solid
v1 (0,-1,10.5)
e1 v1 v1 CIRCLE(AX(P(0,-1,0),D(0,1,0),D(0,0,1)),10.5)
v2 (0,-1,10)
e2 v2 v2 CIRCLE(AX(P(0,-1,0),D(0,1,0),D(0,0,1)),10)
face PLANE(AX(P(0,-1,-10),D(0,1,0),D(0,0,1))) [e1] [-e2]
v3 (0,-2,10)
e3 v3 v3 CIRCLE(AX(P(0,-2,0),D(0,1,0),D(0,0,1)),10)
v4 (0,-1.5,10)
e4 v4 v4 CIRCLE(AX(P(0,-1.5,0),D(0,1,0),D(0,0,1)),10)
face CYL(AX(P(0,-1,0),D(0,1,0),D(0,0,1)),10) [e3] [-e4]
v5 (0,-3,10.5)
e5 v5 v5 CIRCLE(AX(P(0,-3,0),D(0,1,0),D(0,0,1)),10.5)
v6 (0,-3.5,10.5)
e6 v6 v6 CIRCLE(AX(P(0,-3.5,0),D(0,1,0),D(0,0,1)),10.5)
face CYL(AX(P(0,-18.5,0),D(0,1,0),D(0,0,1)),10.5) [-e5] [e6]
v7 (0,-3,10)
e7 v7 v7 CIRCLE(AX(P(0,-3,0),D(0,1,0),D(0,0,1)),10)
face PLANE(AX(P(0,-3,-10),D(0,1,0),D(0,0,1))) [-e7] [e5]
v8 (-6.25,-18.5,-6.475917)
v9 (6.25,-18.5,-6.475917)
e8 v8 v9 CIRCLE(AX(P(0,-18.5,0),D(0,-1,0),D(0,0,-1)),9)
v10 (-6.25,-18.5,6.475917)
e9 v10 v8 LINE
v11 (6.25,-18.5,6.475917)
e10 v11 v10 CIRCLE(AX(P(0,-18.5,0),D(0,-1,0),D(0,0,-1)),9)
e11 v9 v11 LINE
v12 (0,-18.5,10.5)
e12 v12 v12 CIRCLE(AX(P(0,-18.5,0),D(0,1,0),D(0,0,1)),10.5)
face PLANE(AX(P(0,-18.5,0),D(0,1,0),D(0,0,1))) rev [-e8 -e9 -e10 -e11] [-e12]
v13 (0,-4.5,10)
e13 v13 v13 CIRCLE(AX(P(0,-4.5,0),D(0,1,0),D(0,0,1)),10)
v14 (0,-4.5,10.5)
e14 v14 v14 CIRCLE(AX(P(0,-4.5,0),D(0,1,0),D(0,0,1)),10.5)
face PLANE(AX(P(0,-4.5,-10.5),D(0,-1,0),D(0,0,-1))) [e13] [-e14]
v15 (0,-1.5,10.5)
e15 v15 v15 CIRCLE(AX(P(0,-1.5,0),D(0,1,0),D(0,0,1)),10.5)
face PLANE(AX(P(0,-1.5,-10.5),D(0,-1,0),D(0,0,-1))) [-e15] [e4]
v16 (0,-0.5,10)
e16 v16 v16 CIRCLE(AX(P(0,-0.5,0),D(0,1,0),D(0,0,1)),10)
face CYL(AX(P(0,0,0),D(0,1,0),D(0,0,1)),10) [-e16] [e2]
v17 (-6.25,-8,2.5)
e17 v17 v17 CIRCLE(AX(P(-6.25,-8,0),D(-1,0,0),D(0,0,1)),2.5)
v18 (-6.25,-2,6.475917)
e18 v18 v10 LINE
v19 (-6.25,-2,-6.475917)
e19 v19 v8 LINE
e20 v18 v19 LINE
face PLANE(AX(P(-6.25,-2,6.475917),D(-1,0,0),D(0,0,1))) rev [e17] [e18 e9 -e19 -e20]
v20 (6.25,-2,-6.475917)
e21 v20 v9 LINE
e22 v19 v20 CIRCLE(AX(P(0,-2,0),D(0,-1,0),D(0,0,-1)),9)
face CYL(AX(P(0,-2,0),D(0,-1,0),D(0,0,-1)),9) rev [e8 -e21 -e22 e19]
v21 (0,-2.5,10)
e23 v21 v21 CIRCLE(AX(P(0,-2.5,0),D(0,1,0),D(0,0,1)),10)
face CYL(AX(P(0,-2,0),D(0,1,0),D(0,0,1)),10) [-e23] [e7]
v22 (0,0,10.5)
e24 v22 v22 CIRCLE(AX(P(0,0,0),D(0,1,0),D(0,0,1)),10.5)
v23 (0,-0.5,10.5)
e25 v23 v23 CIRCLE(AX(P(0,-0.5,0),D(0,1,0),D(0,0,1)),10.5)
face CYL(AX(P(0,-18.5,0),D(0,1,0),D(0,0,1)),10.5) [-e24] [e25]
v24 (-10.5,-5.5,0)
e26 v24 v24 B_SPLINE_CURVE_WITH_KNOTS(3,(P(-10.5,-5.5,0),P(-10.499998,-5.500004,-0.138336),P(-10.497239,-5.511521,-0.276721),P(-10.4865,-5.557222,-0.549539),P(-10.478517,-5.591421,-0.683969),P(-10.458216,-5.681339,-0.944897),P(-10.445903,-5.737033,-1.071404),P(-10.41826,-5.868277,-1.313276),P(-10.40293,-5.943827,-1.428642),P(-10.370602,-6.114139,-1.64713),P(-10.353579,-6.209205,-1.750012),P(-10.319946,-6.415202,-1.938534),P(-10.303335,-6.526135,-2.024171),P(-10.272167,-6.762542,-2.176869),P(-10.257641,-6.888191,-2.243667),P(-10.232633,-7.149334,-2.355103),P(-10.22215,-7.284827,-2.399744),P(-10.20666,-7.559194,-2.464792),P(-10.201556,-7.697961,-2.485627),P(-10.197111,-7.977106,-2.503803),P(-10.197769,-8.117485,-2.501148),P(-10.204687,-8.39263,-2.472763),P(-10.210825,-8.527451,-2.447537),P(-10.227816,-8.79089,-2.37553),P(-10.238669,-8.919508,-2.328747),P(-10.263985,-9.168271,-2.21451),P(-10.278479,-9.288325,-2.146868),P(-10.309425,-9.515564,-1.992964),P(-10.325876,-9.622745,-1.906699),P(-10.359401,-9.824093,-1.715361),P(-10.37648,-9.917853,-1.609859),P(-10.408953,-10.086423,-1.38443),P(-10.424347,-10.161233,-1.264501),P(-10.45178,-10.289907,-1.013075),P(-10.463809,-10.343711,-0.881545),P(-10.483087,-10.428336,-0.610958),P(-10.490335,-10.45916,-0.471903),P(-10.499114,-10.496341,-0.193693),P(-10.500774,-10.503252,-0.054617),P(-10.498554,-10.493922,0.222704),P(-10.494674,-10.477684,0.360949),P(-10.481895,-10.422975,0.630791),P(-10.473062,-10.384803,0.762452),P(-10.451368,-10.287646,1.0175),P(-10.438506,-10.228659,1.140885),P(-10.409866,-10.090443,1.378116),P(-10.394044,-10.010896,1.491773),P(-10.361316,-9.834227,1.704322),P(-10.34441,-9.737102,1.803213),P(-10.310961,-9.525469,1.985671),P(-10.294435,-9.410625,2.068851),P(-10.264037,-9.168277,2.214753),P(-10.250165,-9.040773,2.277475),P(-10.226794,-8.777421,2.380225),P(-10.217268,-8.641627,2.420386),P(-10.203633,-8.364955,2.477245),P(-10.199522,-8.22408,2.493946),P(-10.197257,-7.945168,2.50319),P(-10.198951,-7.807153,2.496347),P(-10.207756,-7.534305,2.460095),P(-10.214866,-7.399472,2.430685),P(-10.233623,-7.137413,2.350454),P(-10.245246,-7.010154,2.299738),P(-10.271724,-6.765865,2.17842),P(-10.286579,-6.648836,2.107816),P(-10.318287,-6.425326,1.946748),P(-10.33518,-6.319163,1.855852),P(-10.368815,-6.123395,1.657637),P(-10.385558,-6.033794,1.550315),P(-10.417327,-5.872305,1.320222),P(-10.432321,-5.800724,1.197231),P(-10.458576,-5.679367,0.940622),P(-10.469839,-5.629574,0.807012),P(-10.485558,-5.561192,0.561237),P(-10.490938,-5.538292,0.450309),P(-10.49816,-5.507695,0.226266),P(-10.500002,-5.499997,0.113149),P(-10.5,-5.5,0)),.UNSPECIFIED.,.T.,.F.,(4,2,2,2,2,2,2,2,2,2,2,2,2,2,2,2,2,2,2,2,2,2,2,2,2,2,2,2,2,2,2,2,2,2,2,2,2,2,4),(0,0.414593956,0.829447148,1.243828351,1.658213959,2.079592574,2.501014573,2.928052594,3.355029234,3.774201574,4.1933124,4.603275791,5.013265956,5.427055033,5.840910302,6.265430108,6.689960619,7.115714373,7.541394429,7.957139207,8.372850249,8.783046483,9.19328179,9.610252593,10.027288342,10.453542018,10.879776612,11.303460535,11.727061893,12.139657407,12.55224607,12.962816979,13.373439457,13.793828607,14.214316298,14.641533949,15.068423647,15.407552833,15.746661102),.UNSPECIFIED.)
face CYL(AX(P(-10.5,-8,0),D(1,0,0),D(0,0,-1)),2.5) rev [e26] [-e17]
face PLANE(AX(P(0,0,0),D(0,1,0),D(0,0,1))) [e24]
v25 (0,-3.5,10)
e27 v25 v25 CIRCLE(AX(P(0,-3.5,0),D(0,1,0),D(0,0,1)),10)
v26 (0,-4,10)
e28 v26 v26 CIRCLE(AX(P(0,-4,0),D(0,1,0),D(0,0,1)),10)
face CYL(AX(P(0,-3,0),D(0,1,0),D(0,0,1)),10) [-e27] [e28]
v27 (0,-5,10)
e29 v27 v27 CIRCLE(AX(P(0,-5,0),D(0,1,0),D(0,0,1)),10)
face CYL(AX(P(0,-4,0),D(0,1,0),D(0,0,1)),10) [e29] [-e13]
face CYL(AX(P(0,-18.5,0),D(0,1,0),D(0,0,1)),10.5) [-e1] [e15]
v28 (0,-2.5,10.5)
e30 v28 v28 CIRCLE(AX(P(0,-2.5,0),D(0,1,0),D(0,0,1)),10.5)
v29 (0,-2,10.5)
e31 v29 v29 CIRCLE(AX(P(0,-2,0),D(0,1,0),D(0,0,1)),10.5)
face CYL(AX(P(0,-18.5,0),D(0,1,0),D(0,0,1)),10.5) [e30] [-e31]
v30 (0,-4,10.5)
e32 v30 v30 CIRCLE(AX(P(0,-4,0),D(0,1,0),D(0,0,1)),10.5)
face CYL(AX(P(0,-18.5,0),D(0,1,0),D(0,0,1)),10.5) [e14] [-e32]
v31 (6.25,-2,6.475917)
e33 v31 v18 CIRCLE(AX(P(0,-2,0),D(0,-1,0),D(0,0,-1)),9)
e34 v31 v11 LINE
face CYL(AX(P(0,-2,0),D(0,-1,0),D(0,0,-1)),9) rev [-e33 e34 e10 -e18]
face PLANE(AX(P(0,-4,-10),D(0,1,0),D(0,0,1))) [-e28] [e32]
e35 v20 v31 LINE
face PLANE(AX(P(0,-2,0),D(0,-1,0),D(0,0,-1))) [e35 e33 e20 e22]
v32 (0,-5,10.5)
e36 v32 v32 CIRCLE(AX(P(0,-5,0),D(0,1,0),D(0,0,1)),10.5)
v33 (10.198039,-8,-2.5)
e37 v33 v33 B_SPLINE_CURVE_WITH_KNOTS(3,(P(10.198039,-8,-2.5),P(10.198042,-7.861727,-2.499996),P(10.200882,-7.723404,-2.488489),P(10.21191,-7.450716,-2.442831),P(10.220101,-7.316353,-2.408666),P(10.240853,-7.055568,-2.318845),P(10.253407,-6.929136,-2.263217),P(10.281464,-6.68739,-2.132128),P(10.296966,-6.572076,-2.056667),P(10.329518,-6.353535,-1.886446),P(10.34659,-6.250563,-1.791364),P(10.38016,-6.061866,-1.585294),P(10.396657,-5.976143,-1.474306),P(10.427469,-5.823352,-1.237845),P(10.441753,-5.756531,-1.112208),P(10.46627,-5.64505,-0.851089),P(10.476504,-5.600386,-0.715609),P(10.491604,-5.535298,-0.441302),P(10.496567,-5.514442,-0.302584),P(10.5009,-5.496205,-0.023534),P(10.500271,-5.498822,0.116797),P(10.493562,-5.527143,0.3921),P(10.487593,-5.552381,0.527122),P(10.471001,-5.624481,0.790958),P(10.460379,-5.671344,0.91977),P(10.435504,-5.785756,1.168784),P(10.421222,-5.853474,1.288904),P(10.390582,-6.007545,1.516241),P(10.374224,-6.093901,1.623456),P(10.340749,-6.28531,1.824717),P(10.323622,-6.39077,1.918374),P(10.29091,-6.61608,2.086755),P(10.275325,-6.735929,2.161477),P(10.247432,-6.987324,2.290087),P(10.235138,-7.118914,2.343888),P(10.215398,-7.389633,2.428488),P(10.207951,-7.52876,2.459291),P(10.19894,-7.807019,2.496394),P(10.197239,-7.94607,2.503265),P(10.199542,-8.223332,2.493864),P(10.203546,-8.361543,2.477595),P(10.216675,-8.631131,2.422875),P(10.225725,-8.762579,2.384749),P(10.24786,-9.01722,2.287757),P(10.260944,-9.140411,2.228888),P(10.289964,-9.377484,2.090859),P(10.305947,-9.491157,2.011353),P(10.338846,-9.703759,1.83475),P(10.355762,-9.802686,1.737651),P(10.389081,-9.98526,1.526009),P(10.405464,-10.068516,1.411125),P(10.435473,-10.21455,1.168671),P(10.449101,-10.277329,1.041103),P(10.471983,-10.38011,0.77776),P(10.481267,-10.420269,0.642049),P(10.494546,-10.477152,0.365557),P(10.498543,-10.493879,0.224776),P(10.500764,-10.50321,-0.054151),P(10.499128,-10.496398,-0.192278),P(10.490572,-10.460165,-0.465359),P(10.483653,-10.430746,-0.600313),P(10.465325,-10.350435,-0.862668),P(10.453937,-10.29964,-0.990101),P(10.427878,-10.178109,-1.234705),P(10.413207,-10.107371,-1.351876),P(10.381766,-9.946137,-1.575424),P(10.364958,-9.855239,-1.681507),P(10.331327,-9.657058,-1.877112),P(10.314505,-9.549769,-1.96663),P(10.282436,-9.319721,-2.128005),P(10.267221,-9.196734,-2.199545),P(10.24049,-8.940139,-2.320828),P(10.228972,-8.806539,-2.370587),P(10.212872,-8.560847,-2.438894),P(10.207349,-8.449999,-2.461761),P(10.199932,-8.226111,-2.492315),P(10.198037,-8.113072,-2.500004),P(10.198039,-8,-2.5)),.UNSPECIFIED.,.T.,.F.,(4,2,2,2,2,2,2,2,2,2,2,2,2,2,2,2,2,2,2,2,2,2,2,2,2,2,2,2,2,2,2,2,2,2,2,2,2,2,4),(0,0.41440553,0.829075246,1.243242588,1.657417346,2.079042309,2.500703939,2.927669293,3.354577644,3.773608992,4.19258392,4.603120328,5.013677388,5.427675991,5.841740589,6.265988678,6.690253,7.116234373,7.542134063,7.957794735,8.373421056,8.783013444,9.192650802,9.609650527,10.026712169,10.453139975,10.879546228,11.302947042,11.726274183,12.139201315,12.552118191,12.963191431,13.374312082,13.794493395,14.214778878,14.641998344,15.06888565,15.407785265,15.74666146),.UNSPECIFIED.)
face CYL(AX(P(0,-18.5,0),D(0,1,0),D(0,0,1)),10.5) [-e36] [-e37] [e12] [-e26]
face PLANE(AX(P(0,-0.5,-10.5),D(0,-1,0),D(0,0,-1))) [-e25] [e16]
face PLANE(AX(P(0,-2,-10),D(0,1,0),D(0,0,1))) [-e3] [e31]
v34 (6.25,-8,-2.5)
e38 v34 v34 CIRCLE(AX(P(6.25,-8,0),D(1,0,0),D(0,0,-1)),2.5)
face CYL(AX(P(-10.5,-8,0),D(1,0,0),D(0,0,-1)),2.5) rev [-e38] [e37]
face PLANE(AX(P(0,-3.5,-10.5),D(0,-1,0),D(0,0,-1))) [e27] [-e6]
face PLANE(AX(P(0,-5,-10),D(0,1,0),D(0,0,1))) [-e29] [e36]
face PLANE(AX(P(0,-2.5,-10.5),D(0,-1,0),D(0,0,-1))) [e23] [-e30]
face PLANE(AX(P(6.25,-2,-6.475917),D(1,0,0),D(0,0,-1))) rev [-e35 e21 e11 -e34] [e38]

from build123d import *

# Parameters (mm, degrees)
SKETCH2_R               = 10.5
BOSS_EXTRUDE1_DEPTH     = 18.5
CUT_EXTRUDE1_DEPTH      = 16.5
SKETCH4_R               = 2.5
CUT_EXTRUDE2_DEPTH      = 11.5
CUT_EXTRUDE2_DEPTH_BACK = 11.5
SKETCH5_W               = 0.5
SKETCH5_H               = 0.5
LPATTERN1_COUNT         = 5
LPATTERN1_PITCH         = 1


with BuildPart() as part:
    # Sketch2 → Boss-Extrude1 (new body)
    with BuildSketch(Plane(origin=(0, 0, 0), x_dir=(1, 0, 0), z_dir=(0, 1, 0))):
        with Locations(Location((0, 0, 0), (0, 0, 270))):  # turned: the seam where the file's is
            Circle(SKETCH2_R)
    extrude(amount=-BOSS_EXTRUDE1_DEPTH)

    # Sketch3 → Cut-Extrude1 (cut)
    with BuildSketch(Plane.XZ.offset(18.5)):
        with BuildLine():
            Line((-6.25, 6.475916923), (-6.25, -6.475916923))
            ThreePointArc((-6.25, -6.475916923), (0, -9), (6.25, -6.475916923))
            Line((6.25, -6.475916923), (6.25, 6.475916923))
            ThreePointArc((6.25, 6.475916923), (0, 9), (-6.25, 6.475916923))
        make_face()
    extrude(amount=-CUT_EXTRUDE1_DEPTH, mode=Mode.SUBTRACT)

    # Sketch4 → Cut-Extrude2 (cut, two sides)
    with BuildSketch(Plane(origin=(0, 0, 0), x_dir=(0, 0, -1), z_dir=(1, 0, 0))) as cut_extrude2_sk:
        with Locations(Location((0, -8, 0), (0, 0, 90))):  # turned: the seam where the file's is
            Circle(SKETCH4_R)
    extrude(amount=CUT_EXTRUDE2_DEPTH, mode=Mode.SUBTRACT)
    extrude(cut_extrude2_sk.sketch, amount=-CUT_EXTRUDE2_DEPTH_BACK, mode=Mode.SUBTRACT)

    # Sketch5 → Cut-Revolve1 (revolve, cut)
    with BuildSketch(Plane(origin=(0, 0, 0), x_dir=(0, 0, -1), z_dir=(1, 0, 0)), mode=Mode.PRIVATE) as cut_revolve1_sk:
        with Locations((10.25, -0.75)):
            Rectangle(SKETCH5_W, SKETCH5_H)
    cut_revolve1 = revolve(cut_revolve1_sk.sketch.rotate(Axis((0, 0, 0), (0, -1, 0)), 180), axis=Axis((0, 0, 0), (0, -1, 0)), mode=Mode.SUBTRACT)  # turned: the seam where the file's is

    # LPattern1: Cut-Revolve1 ×5
    with Locations(*[(0, -i * LPATTERN1_PITCH, 0) for i in range(1, LPATTERN1_COUNT)]):
        add(cut_revolve1, mode=Mode.SUBTRACT)


solid = part.part
